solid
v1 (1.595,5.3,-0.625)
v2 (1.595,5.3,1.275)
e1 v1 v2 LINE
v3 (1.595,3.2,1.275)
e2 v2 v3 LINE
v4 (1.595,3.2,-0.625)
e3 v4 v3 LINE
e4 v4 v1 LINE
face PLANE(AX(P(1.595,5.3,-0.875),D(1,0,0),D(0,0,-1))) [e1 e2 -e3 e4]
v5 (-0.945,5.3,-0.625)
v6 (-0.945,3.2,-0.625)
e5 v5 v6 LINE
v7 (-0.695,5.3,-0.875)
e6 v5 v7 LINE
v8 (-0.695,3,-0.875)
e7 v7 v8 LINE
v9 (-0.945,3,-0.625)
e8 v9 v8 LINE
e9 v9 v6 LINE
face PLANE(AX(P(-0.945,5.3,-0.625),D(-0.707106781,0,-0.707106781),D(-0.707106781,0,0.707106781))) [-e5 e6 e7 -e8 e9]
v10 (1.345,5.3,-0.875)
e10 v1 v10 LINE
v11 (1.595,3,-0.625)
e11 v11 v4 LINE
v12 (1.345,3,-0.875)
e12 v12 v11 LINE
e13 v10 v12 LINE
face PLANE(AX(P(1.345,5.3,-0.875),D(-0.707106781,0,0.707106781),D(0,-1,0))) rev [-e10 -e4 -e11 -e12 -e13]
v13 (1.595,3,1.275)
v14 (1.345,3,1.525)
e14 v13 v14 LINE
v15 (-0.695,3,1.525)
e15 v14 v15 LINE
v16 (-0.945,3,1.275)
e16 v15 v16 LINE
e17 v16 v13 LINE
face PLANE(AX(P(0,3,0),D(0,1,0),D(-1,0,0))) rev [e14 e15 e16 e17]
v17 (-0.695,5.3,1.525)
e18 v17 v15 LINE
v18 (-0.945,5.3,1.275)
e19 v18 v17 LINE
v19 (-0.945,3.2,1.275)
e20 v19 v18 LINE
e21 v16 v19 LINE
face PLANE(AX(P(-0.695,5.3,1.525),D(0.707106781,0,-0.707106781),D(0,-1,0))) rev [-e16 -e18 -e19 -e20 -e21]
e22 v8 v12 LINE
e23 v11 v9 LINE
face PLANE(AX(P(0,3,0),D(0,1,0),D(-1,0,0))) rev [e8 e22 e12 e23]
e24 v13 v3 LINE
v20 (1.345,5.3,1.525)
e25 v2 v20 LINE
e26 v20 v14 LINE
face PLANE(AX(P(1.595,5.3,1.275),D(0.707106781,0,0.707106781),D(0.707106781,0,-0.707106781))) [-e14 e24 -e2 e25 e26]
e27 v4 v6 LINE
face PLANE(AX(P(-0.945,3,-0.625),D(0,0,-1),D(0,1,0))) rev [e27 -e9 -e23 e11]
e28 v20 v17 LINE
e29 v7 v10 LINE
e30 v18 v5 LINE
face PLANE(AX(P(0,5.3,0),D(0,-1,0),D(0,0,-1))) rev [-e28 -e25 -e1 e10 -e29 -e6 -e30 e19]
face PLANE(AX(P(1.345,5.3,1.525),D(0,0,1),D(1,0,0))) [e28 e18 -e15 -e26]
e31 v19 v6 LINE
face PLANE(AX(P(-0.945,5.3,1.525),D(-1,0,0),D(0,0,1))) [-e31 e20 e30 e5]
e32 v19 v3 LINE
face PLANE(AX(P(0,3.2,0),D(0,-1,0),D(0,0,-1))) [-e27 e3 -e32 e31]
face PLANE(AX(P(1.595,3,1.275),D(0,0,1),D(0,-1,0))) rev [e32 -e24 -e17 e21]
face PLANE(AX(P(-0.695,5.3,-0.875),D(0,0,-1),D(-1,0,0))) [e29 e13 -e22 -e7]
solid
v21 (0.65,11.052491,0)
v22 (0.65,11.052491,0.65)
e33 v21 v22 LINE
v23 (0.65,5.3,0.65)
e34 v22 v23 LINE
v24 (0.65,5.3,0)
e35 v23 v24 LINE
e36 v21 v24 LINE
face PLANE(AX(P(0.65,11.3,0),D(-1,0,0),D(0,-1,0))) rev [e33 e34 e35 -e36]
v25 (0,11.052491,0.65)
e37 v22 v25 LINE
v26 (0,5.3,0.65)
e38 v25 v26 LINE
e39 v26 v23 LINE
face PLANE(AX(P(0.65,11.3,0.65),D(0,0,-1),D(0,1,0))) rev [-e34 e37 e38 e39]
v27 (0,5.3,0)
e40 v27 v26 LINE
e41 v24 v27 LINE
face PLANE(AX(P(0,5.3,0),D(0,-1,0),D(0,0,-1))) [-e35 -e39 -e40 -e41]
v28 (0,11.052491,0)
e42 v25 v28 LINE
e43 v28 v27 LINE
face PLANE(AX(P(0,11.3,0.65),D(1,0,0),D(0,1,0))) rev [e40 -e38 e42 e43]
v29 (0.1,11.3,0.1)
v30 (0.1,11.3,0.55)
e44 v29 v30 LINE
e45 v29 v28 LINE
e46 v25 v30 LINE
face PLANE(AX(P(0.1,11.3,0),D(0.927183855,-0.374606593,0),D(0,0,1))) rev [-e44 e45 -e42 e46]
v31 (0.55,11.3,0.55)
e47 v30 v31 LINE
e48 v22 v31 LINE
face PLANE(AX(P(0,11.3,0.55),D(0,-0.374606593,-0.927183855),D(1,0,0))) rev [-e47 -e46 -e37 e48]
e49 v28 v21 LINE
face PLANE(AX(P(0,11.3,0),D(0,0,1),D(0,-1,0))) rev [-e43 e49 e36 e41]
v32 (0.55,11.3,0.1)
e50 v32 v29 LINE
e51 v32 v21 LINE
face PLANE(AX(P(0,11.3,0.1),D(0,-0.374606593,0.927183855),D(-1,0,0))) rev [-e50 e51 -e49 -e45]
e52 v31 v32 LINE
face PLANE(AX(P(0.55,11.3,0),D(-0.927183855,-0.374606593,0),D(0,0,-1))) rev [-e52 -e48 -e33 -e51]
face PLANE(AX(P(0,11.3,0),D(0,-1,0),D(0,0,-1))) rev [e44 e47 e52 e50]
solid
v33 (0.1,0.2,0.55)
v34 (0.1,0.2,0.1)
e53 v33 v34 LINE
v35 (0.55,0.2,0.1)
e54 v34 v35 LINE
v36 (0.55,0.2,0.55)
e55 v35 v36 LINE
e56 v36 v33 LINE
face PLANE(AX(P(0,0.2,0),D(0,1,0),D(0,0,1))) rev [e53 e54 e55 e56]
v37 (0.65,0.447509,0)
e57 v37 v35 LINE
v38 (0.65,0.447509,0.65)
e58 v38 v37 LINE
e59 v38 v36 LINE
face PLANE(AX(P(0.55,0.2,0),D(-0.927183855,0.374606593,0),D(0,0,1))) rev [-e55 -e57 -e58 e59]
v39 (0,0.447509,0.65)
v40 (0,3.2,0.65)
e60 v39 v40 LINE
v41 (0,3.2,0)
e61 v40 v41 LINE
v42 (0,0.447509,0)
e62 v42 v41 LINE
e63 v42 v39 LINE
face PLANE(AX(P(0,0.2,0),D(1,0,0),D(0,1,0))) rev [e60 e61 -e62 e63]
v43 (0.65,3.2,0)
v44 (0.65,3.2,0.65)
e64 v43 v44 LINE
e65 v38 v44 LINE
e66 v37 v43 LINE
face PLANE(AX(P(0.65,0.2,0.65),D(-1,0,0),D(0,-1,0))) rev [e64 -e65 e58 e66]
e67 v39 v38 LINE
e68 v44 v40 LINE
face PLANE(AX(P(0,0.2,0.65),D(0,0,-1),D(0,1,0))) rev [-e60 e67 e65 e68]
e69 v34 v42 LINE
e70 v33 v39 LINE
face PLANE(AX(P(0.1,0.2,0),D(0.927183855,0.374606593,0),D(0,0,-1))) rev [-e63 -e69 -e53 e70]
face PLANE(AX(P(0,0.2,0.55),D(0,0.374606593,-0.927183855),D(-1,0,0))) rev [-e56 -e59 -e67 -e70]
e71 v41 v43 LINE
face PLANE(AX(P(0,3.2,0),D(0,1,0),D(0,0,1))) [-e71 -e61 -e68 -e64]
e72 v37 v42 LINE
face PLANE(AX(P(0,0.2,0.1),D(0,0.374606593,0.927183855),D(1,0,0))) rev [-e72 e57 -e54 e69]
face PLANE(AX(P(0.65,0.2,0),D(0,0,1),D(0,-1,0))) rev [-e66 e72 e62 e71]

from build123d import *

# Parameters (mm, degrees)
SALIENTE_EXTRUIR1_DEPTH = 2.1
SALIENTE_EXTRUIR2_DEPTH = 0.2
SALIENTE_EXTRUIR3_DEPTH = 0.2
CROQUIS4_W              = 0.65
CROQUIS4_H              = 0.65
SALIENTE_EXTRUIR4_DEPTH = 3
CROQUIS5_W              = 0.65
CROQUIS5_H              = 0.65
SALIENTE_EXTRUIR5_DEPTH = 6
CHAFL_N1_SIZE           = 0.25
CHAFL_N2_SIZE           = 0.1
CHAFL_N2_SIZE2          = 0.247508685
CHAFL_N3_SIZE           = 0.1
CHAFL_N3_SIZE2          = 0.247508685


with BuildPart() as part:
    # Croquis1 → Saliente-Extruir1 (new body)
    with BuildSketch(Plane.XZ.offset(-3.2)):
        Polygon((-0.945, 1.525), (-0.945, -0.625), (-0.695, -0.875), (1.595, -0.875), (1.595, 1.275), (1.345, 1.525), align=None)
    extrude(amount=-SALIENTE_EXTRUIR1_DEPTH)

    # Croquis2 → Saliente-Extruir2 (add)
    with BuildSketch(Plane.XZ.offset(-3.2)):
        Polygon((-0.945, 1.525), (1.345, 1.525), (1.595, 1.275), (-0.945, 1.275), align=None)
    extrude(amount=SALIENTE_EXTRUIR2_DEPTH)

    # Croquis3 → Saliente-Extruir3 (add)
    with BuildSketch(Plane.XZ.offset(-3.2)):
        Polygon((1.595, -0.875), (-0.695, -0.875), (-0.945, -0.625), (1.595, -0.625), align=None)
    extrude(amount=SALIENTE_EXTRUIR3_DEPTH)

    # Chaflán1
    chafl_n1_edges = [part.edges().sort_by_distance(p)[0] for p in [
        (-0.945, 4.15, 1.525),
        (1.595, 4.15, -0.875),
    ]]
    chamfer(chafl_n1_edges, length=CHAFL_N1_SIZE)


with BuildPart() as body_2:
    # Croquis4 → Saliente-Extruir4 (new body)
    with BuildSketch(Plane.XZ.offset(-3.2)):
        with Locations((0.325, 0.325)):
            Rectangle(CROQUIS4_W, CROQUIS4_H)
    extrude(amount=SALIENTE_EXTRUIR4_DEPTH)

    # Chaflán2
    chafl_n2_edges = [body_2.edges().sort_by_distance(p)[0] for p in [
        (0.325, 0.2, 0),
        (0.65, 0.2, 0.325),
        (0.325, 0.2, 0.65),
        (0, 0.2, 0.325),
    ]]
    chafl_n2_side = [body_2.faces().sort_by_distance(p)[0] for p in [
        (0.325, 0.2, 0.325),
    ]]
    chamfer(chafl_n2_edges, length=CHAFL_N2_SIZE, length2=CHAFL_N2_SIZE2, reference=chafl_n2_side[0])


with BuildPart() as body_3:
    # Croquis5 → Saliente-Extruir5 (new body)
    with BuildSketch(Plane(origin=(0, 5.3, 0), x_dir=(-1, 0, 0), z_dir=(0, 1, 0))):
        with Locations((-0.325, 0.325)):
            Rectangle(CROQUIS5_W, CROQUIS5_H)
    extrude(amount=SALIENTE_EXTRUIR5_DEPTH)

    # Chaflán3
    chafl_n3_edges = [body_3.edges().sort_by_distance(p)[0] for p in [
        (0.325, 11.3, 0),
        (0, 11.3, 0.325),
        (0.325, 11.3, 0.65),
        (0.65, 11.3, 0.325),
    ]]
    chafl_n3_side = [body_3.faces().sort_by_distance(p)[0] for p in [
        (0.325, 11.3, 0.325),
    ]]
    chamfer(chafl_n3_edges, length=CHAFL_N3_SIZE, length2=CHAFL_N3_SIZE2, reference=chafl_n3_side[0])


solid = Compound([part.part, body_2.part, body_3.part])
